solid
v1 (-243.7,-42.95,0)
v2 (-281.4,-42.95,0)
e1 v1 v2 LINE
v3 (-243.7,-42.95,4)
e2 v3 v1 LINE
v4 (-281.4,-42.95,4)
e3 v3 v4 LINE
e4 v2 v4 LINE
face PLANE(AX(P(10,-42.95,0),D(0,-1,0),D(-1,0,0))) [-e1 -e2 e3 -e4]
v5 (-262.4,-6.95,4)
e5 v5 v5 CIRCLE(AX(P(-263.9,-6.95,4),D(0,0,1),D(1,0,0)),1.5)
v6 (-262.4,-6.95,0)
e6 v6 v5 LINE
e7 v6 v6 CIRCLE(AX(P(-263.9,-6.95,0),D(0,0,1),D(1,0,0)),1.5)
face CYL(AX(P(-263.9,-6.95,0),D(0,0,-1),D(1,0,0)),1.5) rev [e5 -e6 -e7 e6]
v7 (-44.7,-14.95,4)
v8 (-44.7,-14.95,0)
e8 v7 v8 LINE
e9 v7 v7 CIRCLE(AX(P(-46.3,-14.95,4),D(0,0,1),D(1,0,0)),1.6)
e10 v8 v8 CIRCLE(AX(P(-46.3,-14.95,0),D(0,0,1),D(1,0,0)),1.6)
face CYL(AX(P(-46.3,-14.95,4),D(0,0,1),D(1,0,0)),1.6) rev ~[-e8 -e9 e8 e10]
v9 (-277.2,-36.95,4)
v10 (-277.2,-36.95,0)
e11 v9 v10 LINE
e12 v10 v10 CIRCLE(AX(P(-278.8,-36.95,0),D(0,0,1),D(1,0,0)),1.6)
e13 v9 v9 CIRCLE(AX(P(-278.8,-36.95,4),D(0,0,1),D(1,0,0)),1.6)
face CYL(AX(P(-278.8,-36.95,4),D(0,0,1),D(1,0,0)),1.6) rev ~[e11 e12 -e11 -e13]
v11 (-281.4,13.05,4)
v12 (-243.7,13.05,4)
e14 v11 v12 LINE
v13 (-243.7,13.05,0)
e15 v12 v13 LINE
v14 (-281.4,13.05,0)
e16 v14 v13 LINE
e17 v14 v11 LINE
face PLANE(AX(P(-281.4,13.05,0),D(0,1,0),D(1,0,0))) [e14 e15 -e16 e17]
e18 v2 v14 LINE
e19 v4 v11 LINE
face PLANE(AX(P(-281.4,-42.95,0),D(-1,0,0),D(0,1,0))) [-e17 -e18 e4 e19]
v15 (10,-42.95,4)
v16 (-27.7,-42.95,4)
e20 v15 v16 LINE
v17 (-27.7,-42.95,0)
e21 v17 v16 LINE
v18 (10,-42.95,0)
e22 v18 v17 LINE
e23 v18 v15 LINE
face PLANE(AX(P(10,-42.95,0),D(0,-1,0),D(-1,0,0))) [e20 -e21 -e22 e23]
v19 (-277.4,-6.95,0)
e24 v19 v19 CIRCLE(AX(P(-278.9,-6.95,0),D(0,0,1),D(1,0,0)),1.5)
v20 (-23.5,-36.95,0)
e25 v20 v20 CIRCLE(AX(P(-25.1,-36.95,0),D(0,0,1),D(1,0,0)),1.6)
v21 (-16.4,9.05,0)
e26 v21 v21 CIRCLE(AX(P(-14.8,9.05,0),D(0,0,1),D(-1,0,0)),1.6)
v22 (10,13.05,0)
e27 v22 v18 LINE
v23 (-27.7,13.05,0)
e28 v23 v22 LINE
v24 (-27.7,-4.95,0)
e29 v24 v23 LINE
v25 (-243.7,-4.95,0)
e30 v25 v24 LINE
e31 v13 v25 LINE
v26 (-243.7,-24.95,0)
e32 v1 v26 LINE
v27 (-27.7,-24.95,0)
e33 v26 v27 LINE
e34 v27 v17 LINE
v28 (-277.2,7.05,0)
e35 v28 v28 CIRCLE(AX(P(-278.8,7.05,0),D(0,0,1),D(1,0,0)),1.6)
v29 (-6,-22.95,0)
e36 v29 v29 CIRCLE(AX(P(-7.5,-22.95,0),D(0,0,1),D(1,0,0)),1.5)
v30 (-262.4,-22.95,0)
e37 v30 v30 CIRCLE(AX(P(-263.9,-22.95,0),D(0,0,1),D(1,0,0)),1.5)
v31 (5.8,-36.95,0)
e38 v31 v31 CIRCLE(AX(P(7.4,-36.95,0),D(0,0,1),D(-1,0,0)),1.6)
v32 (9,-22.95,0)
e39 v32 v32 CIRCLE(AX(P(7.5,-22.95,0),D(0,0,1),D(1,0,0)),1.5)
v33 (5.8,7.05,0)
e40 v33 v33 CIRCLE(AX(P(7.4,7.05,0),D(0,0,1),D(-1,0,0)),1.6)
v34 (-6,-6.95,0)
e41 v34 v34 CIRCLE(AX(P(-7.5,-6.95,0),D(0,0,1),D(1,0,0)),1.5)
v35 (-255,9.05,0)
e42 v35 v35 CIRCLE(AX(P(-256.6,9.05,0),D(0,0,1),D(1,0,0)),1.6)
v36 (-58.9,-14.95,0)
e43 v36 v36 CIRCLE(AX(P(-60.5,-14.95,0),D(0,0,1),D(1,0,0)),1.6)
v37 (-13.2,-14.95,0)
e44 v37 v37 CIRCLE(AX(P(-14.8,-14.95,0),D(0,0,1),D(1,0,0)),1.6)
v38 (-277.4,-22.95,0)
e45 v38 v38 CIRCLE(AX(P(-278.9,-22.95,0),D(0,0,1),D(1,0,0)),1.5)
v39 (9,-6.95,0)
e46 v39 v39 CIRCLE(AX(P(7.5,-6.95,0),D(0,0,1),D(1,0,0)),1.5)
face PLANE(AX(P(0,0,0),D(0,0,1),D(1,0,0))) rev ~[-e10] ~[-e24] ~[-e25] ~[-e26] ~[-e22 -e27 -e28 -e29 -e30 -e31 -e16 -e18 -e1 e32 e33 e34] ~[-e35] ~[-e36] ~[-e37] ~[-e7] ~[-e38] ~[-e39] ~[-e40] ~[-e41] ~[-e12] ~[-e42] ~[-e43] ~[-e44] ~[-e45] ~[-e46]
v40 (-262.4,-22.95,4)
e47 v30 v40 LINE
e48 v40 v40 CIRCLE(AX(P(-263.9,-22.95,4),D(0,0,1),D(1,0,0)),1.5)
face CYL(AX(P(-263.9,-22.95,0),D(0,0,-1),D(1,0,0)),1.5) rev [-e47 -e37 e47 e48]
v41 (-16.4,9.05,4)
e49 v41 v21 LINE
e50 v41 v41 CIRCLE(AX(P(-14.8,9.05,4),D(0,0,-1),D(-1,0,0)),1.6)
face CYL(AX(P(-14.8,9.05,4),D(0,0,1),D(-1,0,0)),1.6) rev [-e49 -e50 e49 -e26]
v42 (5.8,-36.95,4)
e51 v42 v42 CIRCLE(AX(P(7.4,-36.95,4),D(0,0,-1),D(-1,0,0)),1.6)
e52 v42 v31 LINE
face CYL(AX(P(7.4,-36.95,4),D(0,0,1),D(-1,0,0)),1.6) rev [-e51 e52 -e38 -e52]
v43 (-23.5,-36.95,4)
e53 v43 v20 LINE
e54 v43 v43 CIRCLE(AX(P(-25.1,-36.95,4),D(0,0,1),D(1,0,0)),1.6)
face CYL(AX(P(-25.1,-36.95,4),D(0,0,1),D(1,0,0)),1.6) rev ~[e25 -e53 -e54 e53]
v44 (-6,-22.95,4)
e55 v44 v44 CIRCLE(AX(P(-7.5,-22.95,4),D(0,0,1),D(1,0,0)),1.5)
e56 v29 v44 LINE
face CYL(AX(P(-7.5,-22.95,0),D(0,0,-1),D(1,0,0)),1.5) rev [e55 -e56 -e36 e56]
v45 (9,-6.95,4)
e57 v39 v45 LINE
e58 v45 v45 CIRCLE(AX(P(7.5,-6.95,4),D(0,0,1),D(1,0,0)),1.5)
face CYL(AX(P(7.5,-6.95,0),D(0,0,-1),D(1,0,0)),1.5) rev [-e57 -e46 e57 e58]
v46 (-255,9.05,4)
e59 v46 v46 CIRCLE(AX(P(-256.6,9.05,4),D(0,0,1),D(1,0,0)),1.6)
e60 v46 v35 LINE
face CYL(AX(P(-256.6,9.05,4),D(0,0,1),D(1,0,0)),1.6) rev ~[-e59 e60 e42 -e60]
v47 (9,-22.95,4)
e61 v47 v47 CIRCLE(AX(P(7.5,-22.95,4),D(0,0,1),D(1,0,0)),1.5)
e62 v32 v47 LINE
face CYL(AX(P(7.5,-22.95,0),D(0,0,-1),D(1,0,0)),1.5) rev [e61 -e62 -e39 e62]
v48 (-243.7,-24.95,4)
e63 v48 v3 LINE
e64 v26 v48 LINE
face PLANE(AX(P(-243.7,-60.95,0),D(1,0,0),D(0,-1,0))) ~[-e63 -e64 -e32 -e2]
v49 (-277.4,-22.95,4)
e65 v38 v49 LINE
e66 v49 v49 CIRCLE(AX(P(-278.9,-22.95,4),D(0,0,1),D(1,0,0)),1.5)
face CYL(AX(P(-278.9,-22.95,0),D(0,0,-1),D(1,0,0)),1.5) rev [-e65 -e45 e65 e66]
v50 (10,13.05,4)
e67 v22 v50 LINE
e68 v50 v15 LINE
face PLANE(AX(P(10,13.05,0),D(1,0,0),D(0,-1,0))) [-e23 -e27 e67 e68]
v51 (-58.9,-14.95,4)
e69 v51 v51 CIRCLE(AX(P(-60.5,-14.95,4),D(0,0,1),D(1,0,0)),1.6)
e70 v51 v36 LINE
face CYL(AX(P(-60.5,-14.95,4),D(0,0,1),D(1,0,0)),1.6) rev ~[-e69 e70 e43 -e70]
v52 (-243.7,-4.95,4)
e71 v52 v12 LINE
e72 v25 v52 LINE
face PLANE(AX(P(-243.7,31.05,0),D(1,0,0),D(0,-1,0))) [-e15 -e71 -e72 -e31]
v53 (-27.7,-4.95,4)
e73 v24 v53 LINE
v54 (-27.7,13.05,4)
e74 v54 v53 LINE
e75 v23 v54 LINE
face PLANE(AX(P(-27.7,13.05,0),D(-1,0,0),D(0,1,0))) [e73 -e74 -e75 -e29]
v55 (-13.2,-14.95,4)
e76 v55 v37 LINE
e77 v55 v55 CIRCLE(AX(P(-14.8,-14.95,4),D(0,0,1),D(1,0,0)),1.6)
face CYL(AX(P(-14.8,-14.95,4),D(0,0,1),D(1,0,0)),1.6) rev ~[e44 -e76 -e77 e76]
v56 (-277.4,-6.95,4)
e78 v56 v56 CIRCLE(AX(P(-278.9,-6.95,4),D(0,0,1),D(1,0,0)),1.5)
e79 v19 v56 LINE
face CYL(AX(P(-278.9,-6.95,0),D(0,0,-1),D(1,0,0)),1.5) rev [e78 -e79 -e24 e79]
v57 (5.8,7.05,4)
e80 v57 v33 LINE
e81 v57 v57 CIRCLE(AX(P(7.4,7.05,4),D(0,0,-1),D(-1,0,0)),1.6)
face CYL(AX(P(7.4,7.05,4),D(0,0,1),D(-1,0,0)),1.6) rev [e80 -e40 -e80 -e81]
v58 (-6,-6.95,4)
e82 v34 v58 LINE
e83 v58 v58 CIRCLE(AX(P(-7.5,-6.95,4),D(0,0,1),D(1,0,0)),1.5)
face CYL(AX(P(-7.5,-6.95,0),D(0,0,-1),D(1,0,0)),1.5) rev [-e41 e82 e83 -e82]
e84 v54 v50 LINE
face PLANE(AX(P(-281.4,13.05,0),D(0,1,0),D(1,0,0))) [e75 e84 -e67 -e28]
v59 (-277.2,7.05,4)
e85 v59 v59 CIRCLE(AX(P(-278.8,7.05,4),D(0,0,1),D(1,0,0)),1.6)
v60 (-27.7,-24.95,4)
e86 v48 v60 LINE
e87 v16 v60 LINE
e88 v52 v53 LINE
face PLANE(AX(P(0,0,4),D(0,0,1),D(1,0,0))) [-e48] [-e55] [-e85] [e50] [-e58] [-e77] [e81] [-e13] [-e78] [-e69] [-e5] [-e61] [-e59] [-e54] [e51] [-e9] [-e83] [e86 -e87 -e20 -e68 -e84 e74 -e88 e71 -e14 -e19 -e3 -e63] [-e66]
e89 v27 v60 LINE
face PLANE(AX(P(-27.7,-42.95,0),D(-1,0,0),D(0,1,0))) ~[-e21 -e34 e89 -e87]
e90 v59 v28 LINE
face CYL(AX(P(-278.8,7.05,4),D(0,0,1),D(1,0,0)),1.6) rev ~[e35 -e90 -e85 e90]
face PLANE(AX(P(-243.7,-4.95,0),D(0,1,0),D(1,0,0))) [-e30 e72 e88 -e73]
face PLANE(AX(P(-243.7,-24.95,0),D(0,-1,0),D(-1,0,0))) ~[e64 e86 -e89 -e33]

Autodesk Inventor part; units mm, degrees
ref_plane "YZ Plane" through (0, 0, 0) normal (1, 0, 0) x (0, 1, 0)
ref_plane "XZ Plane" through (0, 0, 0) normal (0, 1, 0) x (-1, 0, 0)
ref_plane "XY Plane" through (0, 0, 0) normal (0, 0, 1) x (1, 0, 0)
sketch "Эскиз1" plane through (0, 0, 0) normal (0, 0, 1) x (1, 0, 0)
  circle A0 centre (-7.5, -22.95) radius 1.5 projected
  circle A1 centre (7.5, -22.95) radius 1.5 projected
  circle A2 centre (7.5, -6.95) radius 1.5 projected
  circle A3 centre (-7.5, -6.95) radius 1.5 projected
  line L0 (-281.4, 13.05) -> (10, 13.05)
  line L1 (10, 13.05) -> (10, -42.95)
  line L2 (10, -42.95) -> (-281.4, -42.95)
  line L3 (-281.4, -42.95) -> (-281.4, 13.05)
  line L4 (-281.4, 13.05) -> (10, -42.95) construction
  line L5 (10, 13.05) -> (-281.4, -42.95) construction
  line L6 (-135.7, -14.95) -> (-135.7, -42.95) construction
  circle A4 centre (-263.9, -22.95) radius 1.5
  circle A5 centre (-278.9, -22.95) radius 1.5
  circle A6 centre (-278.9, -6.95) radius 1.5
  circle A7 centre (-263.9, -6.95) radius 1.5
  point P0 (0, 0)
  dimension "d5" = 291.4
  dimension "d8" = 2.5
  dimension "d9" = 20
  dimension "d10" = 20
extrude "Выдавливание1" add sketch "Эскиз1" along normal blind 4
sketch "Эскиз4" plane through (0, 0, 0) normal (0, 0, -1) x (-1, 0, 0)
  line L0 (27.7, 31.05) -> (243.7, 31.05)
  line L1 (243.7, 31.05) -> (243.7, -4.95)
  line L2 (243.7, -4.95) -> (27.7, -4.95)
  line L3 (27.7, -4.95) -> (27.7, 31.05)
  line L4 (-10, 13.05) -> (281.4, 13.05) projected
  line L5 (27.7, 31.05) -> (243.7, -4.95) construction
  line L6 (243.7, 31.05) -> (27.7, -4.95) construction
  point P0 (0, 0)
  point P1 (135.7, 13.05)
  point P2 (243.7, 13.05)
  dimension "d13" = 18
  dimension "d14" = 216
extrude "Выдавливание3" cut sketch "Эскиз4" against normal blind 4
ref_plane "РабПлоскость1" through (-281.4, -14.95, 0) normal (0, -1, 0) x (1, 0, 0)
mirror "Зеркальное отражение1" about plane through (-281.4, -14.95, 0) normal (0, -1, 0) of "Выдавливание3"
sketch "Эскиз8" plane through (0, 0, 4) normal (0, 0, 1) x (1, 0, 0)
  circle A0 centre (-278.8, -36.95) radius 1.6 projected
  line L0 (-243.7, -42.95) -> (-243.7, -24.95) projected
  line L1 (-281.4, -42.95) -> (-243.7, -42.95) projected
  circle A1 centre (-278.8, 7.05) radius 1.6
  point P0 (0, 0)
  dimension "d48" = 3.2
  dimension "d49" = 44
extrude "Выдавливание7" cut sketch "Эскиз8" against normal blind 10
ref_plane "РабПлоскость2" through (-135.7, -42.95, 0) normal (-1, 0, 0) x (0, 0, 1)
mirror "Зеркальное отражение2" about plane through (-135.7, -42.95, 0) normal (-1, 0, 0) of "Выдавливание7"
sketch "Эскиз10" plane through (0, 0, 4) normal (0, 0, 1) x (1, 0, 0)
  circle A0 centre (7.4, -36.95) radius 1.6 projected
  circle A1 centre (-25.1, -36.95) radius 1.6
  point P0 (0, 0)
  dimension "d50" = 3.2
  dimension "d51" = 32.5
extrude "Выдавливание8" cut sketch "Эскиз10" against normal blind 10
sketch "Эскиз11" plane through (0, 0, 4) normal (0, 0, 1) x (1, 0, 0)
  circle A0 centre (-256.6, 9.05) radius 1.6 projected
  point P0 (0, 0)
extrude "Выдавливание9" cut sketch "Эскиз11" against normal blind 10
mirror "Зеркальное отражение4" about plane through (-135.7, -42.95, 0) normal (-1, 0, 0) of "Выдавливание9"
sketch "Эскиз12" plane through (0, 0, 4) normal (0, 0, 1) x (1, 0, 0)
  circle A0 centre (-14.8, -14.95) radius 1.6
  line L0 (-243.7, -24.95) -> (-27.7, -24.95) projected
  circle A1 centre (-14.8, 9.05) radius 1.6 projected
  line L1 (-14.8, -24.95) -> (-14.8, 9.05) construction
  circle A2 centre (-60.5, -14.95) radius 1.6
  circle A3 centre (-46.3, -14.95) radius 1.6 projected
  point P0 (0, 0)
  dimension "d56" = 3.2
  dimension "d57" = 10
  dimension "d58" = 3.2
  dimension "d59" = 45.7
extrude "Выдавливание10" cut sketch "Эскиз12" against normal blind 10 contours A0 | A2 | A3
properties part number "центр_рейка" material "Древесина (береза)"
